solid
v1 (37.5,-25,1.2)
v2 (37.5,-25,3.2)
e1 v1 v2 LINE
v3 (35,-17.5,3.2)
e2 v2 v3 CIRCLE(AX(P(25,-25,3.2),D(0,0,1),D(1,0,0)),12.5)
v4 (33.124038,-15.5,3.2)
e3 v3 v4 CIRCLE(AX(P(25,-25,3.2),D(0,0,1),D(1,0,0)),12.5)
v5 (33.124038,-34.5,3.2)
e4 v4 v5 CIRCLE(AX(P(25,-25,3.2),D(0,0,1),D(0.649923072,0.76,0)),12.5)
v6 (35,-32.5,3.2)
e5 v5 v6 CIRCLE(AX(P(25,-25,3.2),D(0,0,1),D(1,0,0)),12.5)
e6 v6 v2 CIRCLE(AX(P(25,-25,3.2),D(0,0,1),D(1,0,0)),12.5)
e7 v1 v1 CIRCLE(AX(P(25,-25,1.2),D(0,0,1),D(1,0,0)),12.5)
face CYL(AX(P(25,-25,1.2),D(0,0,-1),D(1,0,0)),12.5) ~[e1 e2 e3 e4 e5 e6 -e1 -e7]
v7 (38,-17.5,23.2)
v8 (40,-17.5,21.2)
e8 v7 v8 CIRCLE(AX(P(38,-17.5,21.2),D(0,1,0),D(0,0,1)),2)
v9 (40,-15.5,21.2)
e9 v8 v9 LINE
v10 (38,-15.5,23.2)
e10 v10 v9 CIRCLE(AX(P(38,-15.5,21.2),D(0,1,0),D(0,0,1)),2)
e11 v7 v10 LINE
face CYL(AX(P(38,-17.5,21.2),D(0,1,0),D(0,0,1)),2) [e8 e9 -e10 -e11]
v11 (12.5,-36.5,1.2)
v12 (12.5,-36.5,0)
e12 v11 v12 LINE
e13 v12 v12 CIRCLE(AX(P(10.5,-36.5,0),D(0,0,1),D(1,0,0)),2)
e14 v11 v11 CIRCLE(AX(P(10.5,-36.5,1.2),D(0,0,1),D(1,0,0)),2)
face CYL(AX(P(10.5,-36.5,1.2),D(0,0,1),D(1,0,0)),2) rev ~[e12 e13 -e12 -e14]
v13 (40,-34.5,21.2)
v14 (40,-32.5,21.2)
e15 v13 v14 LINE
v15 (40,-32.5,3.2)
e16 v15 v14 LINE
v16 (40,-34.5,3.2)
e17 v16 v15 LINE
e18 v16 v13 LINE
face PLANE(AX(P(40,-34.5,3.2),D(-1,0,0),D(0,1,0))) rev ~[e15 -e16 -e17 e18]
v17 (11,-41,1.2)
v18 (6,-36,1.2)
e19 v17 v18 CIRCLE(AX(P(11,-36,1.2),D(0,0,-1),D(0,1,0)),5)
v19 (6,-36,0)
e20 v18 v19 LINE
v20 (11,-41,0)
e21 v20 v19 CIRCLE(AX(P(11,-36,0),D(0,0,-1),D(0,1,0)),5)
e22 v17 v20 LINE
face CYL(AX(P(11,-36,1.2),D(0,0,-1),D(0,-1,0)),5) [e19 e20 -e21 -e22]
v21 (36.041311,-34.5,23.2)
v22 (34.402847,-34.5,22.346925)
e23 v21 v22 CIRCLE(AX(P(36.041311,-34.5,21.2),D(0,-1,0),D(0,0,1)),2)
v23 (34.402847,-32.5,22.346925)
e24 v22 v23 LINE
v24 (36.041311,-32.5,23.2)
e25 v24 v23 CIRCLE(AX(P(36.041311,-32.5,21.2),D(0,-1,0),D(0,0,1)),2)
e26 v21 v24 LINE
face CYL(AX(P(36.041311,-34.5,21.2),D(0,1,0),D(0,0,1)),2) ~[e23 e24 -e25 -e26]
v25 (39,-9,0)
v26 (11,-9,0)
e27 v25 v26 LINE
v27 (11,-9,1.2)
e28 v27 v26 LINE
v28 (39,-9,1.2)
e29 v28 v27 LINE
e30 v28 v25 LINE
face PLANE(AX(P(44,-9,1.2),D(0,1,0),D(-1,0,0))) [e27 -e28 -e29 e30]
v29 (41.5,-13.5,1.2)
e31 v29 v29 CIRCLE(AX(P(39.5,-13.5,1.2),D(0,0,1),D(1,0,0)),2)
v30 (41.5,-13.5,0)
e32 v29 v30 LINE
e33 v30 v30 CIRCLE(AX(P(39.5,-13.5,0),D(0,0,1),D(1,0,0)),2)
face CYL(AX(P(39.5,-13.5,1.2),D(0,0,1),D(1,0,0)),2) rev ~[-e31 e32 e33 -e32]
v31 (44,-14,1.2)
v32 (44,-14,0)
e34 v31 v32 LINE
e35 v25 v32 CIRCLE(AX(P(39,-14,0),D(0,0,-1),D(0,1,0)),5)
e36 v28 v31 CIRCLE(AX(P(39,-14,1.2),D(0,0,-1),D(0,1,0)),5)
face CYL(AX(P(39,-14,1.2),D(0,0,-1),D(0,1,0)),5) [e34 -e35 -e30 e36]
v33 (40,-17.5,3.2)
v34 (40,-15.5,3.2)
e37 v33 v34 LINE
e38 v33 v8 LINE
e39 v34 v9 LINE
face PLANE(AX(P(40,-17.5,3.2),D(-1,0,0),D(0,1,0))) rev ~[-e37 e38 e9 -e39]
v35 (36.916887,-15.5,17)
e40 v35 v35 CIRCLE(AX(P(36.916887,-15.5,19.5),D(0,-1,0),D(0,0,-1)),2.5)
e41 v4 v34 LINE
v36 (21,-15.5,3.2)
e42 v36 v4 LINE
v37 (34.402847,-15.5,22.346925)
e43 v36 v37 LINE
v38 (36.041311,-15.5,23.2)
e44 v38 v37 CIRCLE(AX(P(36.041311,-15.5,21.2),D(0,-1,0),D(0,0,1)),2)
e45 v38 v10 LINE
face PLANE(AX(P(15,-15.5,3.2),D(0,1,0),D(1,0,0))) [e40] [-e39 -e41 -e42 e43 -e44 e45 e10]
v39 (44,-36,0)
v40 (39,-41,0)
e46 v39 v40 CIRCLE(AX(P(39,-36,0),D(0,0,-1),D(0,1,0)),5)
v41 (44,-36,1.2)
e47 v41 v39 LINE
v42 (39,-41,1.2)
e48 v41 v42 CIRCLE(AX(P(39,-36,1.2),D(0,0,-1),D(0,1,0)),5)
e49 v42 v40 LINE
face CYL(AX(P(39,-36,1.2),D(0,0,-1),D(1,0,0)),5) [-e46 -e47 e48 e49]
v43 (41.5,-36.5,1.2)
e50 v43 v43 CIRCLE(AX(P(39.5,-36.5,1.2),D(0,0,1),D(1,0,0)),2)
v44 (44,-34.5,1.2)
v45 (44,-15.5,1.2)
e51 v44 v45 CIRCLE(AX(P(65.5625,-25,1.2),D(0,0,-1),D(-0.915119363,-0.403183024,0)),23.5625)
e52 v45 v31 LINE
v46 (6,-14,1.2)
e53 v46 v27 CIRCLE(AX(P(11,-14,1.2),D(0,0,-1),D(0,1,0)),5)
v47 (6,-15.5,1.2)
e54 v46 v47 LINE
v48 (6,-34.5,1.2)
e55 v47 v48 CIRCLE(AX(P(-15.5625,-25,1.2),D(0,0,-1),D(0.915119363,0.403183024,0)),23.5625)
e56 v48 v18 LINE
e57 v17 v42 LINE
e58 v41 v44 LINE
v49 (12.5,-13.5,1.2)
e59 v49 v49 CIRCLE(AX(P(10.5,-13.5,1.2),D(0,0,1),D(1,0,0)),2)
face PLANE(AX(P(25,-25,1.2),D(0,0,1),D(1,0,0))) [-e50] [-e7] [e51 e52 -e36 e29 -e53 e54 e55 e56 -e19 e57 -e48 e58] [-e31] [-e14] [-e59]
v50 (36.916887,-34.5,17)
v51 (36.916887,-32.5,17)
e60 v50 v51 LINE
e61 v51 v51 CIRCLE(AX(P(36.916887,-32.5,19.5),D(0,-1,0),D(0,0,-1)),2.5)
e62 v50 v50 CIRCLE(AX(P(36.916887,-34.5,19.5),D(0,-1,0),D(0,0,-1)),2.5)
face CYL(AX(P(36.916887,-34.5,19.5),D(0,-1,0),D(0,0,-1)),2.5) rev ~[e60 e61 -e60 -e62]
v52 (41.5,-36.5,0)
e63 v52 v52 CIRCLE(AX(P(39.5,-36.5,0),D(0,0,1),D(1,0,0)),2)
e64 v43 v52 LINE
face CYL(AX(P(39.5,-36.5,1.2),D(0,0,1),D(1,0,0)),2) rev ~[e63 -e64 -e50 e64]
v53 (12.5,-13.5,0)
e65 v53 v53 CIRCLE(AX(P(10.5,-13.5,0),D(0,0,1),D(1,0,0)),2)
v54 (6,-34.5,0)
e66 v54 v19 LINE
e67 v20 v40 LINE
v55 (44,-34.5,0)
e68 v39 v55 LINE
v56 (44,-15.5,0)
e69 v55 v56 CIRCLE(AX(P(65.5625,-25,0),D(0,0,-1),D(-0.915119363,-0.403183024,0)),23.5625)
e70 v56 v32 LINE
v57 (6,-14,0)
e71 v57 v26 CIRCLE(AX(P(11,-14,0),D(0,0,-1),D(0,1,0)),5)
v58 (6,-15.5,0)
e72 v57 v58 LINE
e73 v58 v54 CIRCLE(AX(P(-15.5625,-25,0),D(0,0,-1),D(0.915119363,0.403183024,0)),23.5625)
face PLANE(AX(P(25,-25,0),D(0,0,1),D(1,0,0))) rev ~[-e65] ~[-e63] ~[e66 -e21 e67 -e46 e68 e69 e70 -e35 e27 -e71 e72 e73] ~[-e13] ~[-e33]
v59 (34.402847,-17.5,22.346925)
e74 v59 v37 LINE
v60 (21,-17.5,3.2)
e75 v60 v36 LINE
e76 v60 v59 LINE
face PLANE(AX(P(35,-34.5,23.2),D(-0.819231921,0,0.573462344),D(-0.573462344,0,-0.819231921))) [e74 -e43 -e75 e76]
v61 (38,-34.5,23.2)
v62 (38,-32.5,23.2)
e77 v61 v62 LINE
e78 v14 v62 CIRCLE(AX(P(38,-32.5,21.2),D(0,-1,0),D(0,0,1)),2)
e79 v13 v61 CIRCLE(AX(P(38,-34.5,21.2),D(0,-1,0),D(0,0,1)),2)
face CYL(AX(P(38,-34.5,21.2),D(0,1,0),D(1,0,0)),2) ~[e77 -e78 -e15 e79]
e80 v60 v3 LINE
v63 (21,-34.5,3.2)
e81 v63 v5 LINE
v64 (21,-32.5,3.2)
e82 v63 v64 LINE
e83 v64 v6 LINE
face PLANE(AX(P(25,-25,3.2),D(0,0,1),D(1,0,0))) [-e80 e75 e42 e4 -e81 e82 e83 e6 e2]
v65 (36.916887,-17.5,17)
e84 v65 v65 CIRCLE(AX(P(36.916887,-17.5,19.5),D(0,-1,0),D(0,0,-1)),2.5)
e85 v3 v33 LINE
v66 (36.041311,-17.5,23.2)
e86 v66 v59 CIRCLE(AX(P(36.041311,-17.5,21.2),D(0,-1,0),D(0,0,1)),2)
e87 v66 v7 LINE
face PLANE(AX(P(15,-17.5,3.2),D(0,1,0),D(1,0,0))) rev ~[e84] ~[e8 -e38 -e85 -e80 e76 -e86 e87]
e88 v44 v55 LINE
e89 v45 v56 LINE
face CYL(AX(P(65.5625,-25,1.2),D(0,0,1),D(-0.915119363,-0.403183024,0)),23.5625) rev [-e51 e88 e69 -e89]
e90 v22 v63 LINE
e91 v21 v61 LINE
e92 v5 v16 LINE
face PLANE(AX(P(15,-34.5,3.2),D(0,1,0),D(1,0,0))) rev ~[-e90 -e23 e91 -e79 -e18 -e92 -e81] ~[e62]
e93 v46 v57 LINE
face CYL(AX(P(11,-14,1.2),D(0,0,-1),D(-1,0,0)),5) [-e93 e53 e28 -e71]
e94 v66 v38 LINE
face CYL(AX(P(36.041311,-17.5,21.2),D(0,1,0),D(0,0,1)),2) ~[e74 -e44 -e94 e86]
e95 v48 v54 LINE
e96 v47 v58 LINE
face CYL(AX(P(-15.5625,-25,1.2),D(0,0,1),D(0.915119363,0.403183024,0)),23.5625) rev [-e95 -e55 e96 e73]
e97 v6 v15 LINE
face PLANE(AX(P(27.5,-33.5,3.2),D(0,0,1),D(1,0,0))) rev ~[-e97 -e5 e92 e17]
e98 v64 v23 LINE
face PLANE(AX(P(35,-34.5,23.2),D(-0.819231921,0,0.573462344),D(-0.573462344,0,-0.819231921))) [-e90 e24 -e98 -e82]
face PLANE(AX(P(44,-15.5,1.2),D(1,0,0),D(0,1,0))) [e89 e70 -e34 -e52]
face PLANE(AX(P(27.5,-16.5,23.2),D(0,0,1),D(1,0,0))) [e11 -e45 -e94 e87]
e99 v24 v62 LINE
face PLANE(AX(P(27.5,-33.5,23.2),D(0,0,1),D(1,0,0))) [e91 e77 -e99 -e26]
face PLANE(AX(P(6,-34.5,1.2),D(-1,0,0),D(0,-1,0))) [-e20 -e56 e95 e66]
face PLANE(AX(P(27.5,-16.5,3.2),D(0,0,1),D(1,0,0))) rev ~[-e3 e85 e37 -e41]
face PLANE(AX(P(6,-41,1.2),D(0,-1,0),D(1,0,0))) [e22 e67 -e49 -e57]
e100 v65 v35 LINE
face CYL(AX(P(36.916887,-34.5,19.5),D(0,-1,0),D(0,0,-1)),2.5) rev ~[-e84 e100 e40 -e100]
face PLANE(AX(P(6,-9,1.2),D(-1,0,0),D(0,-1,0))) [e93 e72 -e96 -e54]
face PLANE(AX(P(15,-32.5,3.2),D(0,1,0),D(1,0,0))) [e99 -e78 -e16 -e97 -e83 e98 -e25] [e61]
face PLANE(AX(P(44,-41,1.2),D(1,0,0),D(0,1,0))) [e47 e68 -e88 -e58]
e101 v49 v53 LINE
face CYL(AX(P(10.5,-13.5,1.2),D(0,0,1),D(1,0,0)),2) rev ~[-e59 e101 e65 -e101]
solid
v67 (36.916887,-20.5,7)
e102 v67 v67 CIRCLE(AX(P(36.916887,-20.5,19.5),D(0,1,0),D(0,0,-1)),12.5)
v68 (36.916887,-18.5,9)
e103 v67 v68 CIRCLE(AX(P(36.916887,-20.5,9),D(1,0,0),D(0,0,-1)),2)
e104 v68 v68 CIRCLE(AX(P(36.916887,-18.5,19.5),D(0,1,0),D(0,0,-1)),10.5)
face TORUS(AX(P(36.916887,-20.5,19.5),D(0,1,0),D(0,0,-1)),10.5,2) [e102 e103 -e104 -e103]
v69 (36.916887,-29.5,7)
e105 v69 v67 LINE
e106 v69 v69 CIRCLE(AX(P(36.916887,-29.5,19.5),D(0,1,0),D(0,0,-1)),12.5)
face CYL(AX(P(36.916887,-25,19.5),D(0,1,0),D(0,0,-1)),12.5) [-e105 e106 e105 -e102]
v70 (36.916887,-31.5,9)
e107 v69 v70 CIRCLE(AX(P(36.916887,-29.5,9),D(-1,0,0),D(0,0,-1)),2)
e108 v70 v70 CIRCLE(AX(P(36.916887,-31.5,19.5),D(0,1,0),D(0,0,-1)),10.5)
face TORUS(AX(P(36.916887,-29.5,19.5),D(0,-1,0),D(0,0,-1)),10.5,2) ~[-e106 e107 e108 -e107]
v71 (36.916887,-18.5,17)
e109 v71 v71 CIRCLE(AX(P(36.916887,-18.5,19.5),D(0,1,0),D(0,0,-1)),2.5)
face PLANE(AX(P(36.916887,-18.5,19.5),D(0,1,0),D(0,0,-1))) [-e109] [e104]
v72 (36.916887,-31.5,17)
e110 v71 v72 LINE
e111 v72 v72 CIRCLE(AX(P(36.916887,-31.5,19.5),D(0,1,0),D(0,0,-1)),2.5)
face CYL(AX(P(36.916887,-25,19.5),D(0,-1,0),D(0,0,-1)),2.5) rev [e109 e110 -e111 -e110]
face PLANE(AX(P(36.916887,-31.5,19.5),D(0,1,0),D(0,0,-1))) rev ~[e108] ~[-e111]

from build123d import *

# Parameters (mm, degrees)
SKETCH_1_W          = 50
SKETCH_1_H          = 50
EXTRUDE_1_DEPTH     = 1.2
SKETCH_2_W          = 50
SKETCH_2_H          = 50
SKETCH_2_R          = 2
CUT_EXTRUDE_1_DEPTH = 1.2
FILLET_3_R          = 5
SKETCH_3_R          = 12.5
EXTRUDE_2_DEPTH     = 2
SKETCH_4_W          = 25
SKETCH_4_H          = 2
EXTRUDE_3_DEPTH     = 20
CUT_EXTRUDE_2_DEPTH = 23
SKETCH_6_R          = 12.5
SKETCH_6_R_2        = 2.5
EXTRUDE_4_DEPTH     = 6.5
FILLET_4_R          = 2
FILLET_5_R          = 2
SKETCH_7_R          = 2.5
CUT_EXTRUDE_3_DEPTH = 21


with BuildPart() as part:
    # 草图1 → 凸台-拉伸1 (new body)
    with BuildSketch(Plane.XY):
        with Locations((25, -25)):
            Rectangle(SKETCH_1_W, SKETCH_1_H)
    extrude(amount=EXTRUDE_1_DEPTH)

    # 草图2 → 切除-拉伸1 (cut)
    # profile 1 of 5: a face of its own
    with BuildSketch(Plane.XY.offset(1.2)):
        with Locations((25, -25)):
            Rectangle(SKETCH_2_W, SKETCH_2_H)
        with BuildLine():
            ThreePointArc((6, -15.5), (8, -25), (6, -34.5))
            Line((6, -34.5), (6, -41))
            Line((6, -41), (44, -41))
            Line((44, -41), (44, -34.5))
            ThreePointArc((44, -34.5), (42, -25), (44, -15.5))
            Line((44, -15.5), (44, -9))
            Line((44, -9), (6, -9))
            Line((6, -9), (6, -15.5))
        make_face(mode=Mode.SUBTRACT)
    # profile 2 of 5: a face of its own
    with BuildSketch(Plane.XY.offset(1.2)):
        with Locations((39.5, -13.5)):
            Circle(SKETCH_2_R)
    # profile 3 of 5: a face of its own
    with BuildSketch(Plane.XY.offset(1.2)):
        with Locations((10.5, -36.5)):
            Circle(SKETCH_2_R)
    # profile 4 of 5: a face of its own
    with BuildSketch(Plane.XY.offset(1.2)):
        with Locations((10.5, -13.5)):
            Circle(SKETCH_2_R)
    # profile 5 of 5: a face of its own
    with BuildSketch(Plane.XY.offset(1.2)):
        with Locations((39.5, -36.5)):
            Circle(SKETCH_2_R)
    extrude(amount=-CUT_EXTRUDE_1_DEPTH, mode=Mode.SUBTRACT)

    # 圆角3
    fillet_3_edges = [part.edges().sort_by_distance(p)[0] for p in [
        (6, -41, 0.6),
        (44, -41, 0.6),
        (44, -9, 0.6),
        (6, -9, 0.6),
    ]]
    fillet(fillet_3_edges, radius=FILLET_3_R)

    # 草图3 → 凸台-拉伸2 (add)
    with BuildSketch(Plane.XY.offset(1.2)):
        with Locations((25, -25)):
            Circle(SKETCH_3_R)
    extrude(amount=EXTRUDE_2_DEPTH)

    # 草图4 → 凸台-拉伸3 (add)
    with BuildSketch(Plane.XY.offset(3.2)):
        with Locations((27.5, -33.5)):
            Rectangle(SKETCH_4_W, SKETCH_4_H)
        with Locations((27.5, -16.5)):
            Rectangle(SKETCH_4_W, SKETCH_4_H)
    extrude(amount=EXTRUDE_3_DEPTH)

    # 草图5 → 切除-拉伸2 (cut)
    with BuildSketch(Plane.XZ.offset(34.5)):
        Polygon((35, 23.2), (21, 3.2), (15, 3.2), (15, 23.2), align=None)
    extrude(amount=-CUT_EXTRUDE_2_DEPTH, mode=Mode.SUBTRACT)

    # 圆角5
    fillet_5_edges = [part.edges().sort_by_distance(p)[0] for p in [
        (40, -33.5, 23.2),
        (40, -16.5, 23.2),
        (35, -16.5, 23.2),
        (35, -33.5, 23.2),
    ]]
    fillet(fillet_5_edges, radius=FILLET_5_R)

    # 草图7 → 切除-拉伸3 (cut)
    with BuildSketch(Plane.XZ.offset(34.5)):
        with Locations(Location((36.916887115, 19.5, 0), (0, 0, 270))):
            Circle(SKETCH_7_R)
    extrude(amount=-CUT_EXTRUDE_3_DEPTH, mode=Mode.SUBTRACT)


with BuildPart() as body_2:
    # 草图6 → 凸台-拉伸4 (new, symmetric)
    with BuildSketch(Plane(origin=(0, -25, 0), x_dir=(1, 0, 0), z_dir=(0, 1, 0))):
        with Locations(Location((36.916887115, -19.5, 0), (0, 0, 90))):
            Circle(SKETCH_6_R)
        with Locations(Location((36.916887115, -19.5, 0), (0, 0, 90))):
            Circle(SKETCH_6_R_2, mode=Mode.SUBTRACT)
    extrude(amount=EXTRUDE_4_DEPTH, both=True)

    # 圆角4
    fillet_4_edges = [body_2.edges().sort_by_distance(p)[0] for p in [
        (36.916887115, -31.5, 32),
        (36.916887115, -18.5, 32),
    ]]
    fillet(fillet_4_edges, radius=FILLET_4_R)


solid = Compound([part.part, body_2.part])
